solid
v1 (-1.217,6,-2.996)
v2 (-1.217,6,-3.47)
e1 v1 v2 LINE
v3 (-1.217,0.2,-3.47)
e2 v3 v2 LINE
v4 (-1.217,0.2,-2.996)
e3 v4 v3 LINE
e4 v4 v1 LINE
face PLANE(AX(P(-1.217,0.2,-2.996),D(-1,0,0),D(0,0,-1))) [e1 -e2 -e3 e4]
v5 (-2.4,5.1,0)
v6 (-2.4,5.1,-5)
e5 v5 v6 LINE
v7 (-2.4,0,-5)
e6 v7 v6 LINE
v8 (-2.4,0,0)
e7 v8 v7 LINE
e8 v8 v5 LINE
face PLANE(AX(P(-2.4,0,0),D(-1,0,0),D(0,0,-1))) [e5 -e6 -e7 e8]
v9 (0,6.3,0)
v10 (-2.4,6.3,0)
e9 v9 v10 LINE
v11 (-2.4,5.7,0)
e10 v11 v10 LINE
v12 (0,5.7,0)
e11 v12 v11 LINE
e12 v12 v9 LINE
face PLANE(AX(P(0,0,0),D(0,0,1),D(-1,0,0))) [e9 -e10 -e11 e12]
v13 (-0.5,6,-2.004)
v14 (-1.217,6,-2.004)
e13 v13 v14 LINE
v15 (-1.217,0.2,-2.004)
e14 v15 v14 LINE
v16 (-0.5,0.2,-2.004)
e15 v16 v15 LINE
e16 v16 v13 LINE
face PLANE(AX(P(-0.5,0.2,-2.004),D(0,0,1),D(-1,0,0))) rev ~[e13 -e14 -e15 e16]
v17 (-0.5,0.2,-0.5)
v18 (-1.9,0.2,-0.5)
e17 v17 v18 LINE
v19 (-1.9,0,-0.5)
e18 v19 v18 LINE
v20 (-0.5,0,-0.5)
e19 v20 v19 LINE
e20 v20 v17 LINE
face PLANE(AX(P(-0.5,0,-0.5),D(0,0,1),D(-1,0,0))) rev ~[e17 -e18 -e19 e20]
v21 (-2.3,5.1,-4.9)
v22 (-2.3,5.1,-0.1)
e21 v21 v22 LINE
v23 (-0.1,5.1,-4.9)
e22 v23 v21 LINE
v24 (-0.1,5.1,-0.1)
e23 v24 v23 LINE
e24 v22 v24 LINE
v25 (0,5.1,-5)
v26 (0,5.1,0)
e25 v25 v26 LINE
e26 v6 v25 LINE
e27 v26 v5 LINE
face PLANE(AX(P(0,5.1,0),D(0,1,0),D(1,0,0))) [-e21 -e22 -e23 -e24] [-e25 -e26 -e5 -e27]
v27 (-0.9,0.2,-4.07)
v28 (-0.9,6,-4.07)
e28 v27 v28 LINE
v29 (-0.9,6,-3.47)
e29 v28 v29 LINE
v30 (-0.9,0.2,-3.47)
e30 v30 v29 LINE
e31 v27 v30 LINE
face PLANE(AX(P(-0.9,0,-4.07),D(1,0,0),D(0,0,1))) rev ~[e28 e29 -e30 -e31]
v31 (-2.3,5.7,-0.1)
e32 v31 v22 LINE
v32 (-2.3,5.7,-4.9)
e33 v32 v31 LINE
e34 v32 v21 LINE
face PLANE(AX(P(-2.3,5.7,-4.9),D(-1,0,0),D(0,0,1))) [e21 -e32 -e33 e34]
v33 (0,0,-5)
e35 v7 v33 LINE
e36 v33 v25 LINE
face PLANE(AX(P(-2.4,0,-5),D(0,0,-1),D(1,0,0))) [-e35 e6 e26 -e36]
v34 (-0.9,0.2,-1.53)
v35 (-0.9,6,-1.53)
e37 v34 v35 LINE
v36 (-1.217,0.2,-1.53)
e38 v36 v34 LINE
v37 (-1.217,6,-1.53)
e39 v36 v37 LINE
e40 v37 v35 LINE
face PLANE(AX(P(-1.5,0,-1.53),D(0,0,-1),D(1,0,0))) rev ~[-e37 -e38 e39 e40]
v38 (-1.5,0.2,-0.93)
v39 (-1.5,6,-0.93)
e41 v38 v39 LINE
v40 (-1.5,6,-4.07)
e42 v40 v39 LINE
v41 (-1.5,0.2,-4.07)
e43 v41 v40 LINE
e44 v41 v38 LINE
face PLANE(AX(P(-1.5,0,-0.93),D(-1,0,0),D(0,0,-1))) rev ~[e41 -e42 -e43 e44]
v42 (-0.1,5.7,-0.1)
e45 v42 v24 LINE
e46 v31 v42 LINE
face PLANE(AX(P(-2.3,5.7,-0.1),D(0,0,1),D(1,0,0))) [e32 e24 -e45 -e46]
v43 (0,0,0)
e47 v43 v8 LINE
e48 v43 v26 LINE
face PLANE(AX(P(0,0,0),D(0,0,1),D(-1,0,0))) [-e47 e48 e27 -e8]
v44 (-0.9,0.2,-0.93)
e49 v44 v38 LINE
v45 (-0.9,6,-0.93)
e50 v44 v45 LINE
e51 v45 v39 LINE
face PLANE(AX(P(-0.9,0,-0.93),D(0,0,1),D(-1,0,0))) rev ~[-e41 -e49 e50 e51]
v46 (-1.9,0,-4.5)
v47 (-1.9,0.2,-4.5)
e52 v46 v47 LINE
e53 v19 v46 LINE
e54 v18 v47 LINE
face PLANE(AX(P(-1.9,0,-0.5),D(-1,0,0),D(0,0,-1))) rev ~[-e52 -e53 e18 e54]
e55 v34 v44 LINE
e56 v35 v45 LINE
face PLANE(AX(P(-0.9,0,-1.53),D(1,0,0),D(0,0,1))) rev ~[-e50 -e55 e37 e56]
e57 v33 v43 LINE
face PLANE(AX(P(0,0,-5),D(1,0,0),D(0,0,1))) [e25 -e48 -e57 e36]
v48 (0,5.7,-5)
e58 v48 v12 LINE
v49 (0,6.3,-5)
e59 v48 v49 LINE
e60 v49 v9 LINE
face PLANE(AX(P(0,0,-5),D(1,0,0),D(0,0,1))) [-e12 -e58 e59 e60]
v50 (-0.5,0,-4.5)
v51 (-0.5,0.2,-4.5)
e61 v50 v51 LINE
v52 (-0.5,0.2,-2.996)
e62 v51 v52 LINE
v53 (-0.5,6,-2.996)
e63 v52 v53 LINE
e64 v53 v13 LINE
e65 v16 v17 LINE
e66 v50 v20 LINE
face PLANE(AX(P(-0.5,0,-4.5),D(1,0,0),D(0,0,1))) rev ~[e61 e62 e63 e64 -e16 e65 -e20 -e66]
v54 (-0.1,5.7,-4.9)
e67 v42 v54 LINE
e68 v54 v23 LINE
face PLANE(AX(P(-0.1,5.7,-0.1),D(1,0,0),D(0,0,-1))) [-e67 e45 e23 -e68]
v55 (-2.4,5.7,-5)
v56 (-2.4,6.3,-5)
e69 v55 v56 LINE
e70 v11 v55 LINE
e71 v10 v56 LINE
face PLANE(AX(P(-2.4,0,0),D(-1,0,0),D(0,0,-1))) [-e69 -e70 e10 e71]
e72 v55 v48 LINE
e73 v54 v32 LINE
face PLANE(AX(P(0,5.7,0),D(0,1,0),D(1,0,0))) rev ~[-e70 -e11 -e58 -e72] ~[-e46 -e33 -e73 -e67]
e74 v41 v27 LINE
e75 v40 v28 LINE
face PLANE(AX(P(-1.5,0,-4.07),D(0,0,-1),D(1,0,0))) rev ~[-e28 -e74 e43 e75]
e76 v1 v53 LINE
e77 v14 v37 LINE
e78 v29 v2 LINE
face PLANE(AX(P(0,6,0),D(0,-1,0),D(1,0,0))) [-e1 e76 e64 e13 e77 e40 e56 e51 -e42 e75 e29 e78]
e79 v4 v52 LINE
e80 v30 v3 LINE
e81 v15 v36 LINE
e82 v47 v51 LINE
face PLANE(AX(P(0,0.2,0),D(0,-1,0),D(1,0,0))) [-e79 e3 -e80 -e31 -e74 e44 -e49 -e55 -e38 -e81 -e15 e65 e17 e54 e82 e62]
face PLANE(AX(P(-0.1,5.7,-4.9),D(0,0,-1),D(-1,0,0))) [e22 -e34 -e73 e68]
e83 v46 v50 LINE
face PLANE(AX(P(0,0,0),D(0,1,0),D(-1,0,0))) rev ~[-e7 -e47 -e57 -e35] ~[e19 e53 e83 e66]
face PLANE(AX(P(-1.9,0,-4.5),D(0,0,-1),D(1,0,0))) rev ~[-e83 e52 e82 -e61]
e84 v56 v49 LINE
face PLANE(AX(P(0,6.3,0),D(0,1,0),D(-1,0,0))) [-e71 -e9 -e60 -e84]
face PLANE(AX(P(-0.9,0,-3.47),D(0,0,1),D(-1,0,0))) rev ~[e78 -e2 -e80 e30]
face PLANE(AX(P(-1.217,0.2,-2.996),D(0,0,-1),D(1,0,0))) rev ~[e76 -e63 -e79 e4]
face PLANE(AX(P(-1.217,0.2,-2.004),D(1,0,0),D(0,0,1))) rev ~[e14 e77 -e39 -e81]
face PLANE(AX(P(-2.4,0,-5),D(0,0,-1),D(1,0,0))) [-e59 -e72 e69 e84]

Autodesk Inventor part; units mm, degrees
ref_plane "YZ Plane" through (0, 0, 0) normal (1, 0, 0) x (0, 1, 0)
ref_plane "XZ Plane" through (0, 0, 0) normal (0, 1, 0) x (-1, 0, 0)
sketch "Skizze2" plane through (0, 0, 0) normal (0, 1, 0) x (-1, 0, 0)
  line L0 (0, 0) -> (2.4, 0)
  line L1 (2.4, 0) -> (2.4, -5)
  line L2 (2.4, -5) -> (0, -5)
  line L3 (0, -5) -> (0, 0)
  dimension "d0" = 2.4
  dimension "d1" = 5
extrude "Extrusion1" add sketch "Skizze2" along normal blind 6.3
sketch "Skizze3" plane through (0, 0, 0) normal (0, -1, 0) x (1, 0, 0)
  line L0 (-0.9, -3.47) -> (-1.5, -3.47)
  line L1 (-1.5, -3.47) -> (-1.5, -4.07)
  line L2 (-1.5, -4.07) -> (-0.9, -4.07)
  line L3 (-0.9, -4.07) -> (-0.9, -3.47)
  line L4 (-0.9, -0.93) -> (-1.5, -0.93)
  line L5 (-1.5, -0.93) -> (-1.5, -1.53)
  line L6 (-1.5, -1.53) -> (-0.9, -1.53)
  line L7 (-0.9, -1.53) -> (-0.9, -0.93)
  line L8 (-2.4, -5) -> (0, -5) projected
  line L9 (-2.4, 0) -> (-2.4, -5) projected
  point P0 (0, 0)
  dimension "d4" = 0.6
  dimension "d5" = 0.6
  dimension "d6" = 0.6
  dimension "d7" = 0.6
  dimension "d8" = 2.54
  dimension "d9" = 0.93
  dimension "d10" = 0.9
  dimension "d11" = 0.9
sketch "Skizze5" plane through (0, 0, 0) normal (0, -1, 0) x (1, 0, 0)
  line L0 (-0.5, -0.5) -> (-1.9, -0.5)
  line L1 (-1.9, -0.5) -> (-1.9, -4.5)
  line L2 (-1.9, -4.5) -> (-0.5, -4.5)
  line L3 (-0.5, -4.5) -> (-0.5, -0.5)
  line L4 (-2.4, 0) -> (-2.4, -5) projected
  line L5 (0, -5) -> (-2.4, -5) projected
  point P0 (0, 0)
  dimension "d15" = 1.4
  dimension "d16" = 4
  dimension "d17" = 0.5
  dimension "d18" = 0.5
extrude "Extrusion2" cut sketch "Skizze5" against normal blind 0.2
extrude "Extrusion3" cut sketch "Skizze3" against normal blind 6
ref_plane "Arbeitsebene1" through (0, 5.7, 0) normal (0, 1, 0) x (1, 0, 0)
sketch "Skizze6" plane through (0, 5.7, 0) normal (0, 1, 0) x (1, 0, 0)
  line L0 (1, -1) -> (-3, -1)
  line L1 (-3, -1) -> (-3, 6)
  line L2 (-3, 6) -> (1, 6)
  line L3 (1, 6) -> (1, -1)
  line L4 (-0.1, 4.9) -> (-2.3, 4.9)
  line L5 (-2.3, 4.9) -> (-2.3, 0.1)
  line L6 (-2.3, 0.1) -> (-0.1, 0.1)
  line L7 (-0.1, 0.1) -> (-0.1, 4.9)
  line L8 (0, 5) -> (-2.4, 5) projected
  line L9 (0, 0) -> (0, 5) projected
  line L10 (0, 0) -> (-2.4, 0) projected
  line L11 (-2.4, 5) -> (-2.4, 0) projected
  dimension "d24" = 0.1
  dimension "d25" = 0.1
  dimension "d26" = 0.1
  dimension "d27" = 0.1
extrude "Extrusion5" cut sketch "Skizze6" against normal blind 0.6 contours L0 L1 L2 L3 | L9 L10 L11 L8
sketch "Skizze7" plane through (0, 0.2, 0) normal (0, -1, 0) x (1, 0, 0)
  line L0 (-0.5, -2.004) -> (-1.5, -2.004)
  line L1 (-1.5, -2.004) -> (-1.5, -2.996)
  line L2 (-1.5, -2.996) -> (-0.5, -2.996)
  line L3 (-0.5, -2.996) -> (-0.5, -2.004)
  line L4 (-1.5, -3.47) -> (-0.9, -3.47) projected
  line L5 (-0.9, -1.53) -> (-1.5, -1.53) projected
  line L6 (-0.5, -0.5) -> (-0.5, -4.5) projected
  line L7 (-1.5, -1.53) -> (-1.5, -0.93) projected
  line L8 (-1.5, -2.004) -> (-1.217, -2.004)
  line L9 (-1.217, -2.004) -> (-1.217, -1.53)
  line L10 (-1.217, -1.53) -> (-1.5, -1.53)
  line L11 (-1.5, -1.53) -> (-1.5, -2.004)
  line L12 (-1.5, -3.47) -> (-0.9, -3.47) projected
  line L13 (-1.5, -2.996) -> (-1.217, -2.996)
  line L14 (-1.217, -2.996) -> (-1.217, -3.47)
  line L15 (-1.217, -3.47) -> (-1.5, -3.47)
  line L16 (-1.5, -3.47) -> (-1.5, -2.996)
  point P0 (0, 0)
  dimension "d32" = 0.474
  dimension "d33" = 0.474
  dimension "d34" = 0.283
  dimension "d35" = 0.283
extrude "Extrusion6" cut sketch "Skizze7" against normal up to surface (5.8 mm away)
properties part number "Jumper"
